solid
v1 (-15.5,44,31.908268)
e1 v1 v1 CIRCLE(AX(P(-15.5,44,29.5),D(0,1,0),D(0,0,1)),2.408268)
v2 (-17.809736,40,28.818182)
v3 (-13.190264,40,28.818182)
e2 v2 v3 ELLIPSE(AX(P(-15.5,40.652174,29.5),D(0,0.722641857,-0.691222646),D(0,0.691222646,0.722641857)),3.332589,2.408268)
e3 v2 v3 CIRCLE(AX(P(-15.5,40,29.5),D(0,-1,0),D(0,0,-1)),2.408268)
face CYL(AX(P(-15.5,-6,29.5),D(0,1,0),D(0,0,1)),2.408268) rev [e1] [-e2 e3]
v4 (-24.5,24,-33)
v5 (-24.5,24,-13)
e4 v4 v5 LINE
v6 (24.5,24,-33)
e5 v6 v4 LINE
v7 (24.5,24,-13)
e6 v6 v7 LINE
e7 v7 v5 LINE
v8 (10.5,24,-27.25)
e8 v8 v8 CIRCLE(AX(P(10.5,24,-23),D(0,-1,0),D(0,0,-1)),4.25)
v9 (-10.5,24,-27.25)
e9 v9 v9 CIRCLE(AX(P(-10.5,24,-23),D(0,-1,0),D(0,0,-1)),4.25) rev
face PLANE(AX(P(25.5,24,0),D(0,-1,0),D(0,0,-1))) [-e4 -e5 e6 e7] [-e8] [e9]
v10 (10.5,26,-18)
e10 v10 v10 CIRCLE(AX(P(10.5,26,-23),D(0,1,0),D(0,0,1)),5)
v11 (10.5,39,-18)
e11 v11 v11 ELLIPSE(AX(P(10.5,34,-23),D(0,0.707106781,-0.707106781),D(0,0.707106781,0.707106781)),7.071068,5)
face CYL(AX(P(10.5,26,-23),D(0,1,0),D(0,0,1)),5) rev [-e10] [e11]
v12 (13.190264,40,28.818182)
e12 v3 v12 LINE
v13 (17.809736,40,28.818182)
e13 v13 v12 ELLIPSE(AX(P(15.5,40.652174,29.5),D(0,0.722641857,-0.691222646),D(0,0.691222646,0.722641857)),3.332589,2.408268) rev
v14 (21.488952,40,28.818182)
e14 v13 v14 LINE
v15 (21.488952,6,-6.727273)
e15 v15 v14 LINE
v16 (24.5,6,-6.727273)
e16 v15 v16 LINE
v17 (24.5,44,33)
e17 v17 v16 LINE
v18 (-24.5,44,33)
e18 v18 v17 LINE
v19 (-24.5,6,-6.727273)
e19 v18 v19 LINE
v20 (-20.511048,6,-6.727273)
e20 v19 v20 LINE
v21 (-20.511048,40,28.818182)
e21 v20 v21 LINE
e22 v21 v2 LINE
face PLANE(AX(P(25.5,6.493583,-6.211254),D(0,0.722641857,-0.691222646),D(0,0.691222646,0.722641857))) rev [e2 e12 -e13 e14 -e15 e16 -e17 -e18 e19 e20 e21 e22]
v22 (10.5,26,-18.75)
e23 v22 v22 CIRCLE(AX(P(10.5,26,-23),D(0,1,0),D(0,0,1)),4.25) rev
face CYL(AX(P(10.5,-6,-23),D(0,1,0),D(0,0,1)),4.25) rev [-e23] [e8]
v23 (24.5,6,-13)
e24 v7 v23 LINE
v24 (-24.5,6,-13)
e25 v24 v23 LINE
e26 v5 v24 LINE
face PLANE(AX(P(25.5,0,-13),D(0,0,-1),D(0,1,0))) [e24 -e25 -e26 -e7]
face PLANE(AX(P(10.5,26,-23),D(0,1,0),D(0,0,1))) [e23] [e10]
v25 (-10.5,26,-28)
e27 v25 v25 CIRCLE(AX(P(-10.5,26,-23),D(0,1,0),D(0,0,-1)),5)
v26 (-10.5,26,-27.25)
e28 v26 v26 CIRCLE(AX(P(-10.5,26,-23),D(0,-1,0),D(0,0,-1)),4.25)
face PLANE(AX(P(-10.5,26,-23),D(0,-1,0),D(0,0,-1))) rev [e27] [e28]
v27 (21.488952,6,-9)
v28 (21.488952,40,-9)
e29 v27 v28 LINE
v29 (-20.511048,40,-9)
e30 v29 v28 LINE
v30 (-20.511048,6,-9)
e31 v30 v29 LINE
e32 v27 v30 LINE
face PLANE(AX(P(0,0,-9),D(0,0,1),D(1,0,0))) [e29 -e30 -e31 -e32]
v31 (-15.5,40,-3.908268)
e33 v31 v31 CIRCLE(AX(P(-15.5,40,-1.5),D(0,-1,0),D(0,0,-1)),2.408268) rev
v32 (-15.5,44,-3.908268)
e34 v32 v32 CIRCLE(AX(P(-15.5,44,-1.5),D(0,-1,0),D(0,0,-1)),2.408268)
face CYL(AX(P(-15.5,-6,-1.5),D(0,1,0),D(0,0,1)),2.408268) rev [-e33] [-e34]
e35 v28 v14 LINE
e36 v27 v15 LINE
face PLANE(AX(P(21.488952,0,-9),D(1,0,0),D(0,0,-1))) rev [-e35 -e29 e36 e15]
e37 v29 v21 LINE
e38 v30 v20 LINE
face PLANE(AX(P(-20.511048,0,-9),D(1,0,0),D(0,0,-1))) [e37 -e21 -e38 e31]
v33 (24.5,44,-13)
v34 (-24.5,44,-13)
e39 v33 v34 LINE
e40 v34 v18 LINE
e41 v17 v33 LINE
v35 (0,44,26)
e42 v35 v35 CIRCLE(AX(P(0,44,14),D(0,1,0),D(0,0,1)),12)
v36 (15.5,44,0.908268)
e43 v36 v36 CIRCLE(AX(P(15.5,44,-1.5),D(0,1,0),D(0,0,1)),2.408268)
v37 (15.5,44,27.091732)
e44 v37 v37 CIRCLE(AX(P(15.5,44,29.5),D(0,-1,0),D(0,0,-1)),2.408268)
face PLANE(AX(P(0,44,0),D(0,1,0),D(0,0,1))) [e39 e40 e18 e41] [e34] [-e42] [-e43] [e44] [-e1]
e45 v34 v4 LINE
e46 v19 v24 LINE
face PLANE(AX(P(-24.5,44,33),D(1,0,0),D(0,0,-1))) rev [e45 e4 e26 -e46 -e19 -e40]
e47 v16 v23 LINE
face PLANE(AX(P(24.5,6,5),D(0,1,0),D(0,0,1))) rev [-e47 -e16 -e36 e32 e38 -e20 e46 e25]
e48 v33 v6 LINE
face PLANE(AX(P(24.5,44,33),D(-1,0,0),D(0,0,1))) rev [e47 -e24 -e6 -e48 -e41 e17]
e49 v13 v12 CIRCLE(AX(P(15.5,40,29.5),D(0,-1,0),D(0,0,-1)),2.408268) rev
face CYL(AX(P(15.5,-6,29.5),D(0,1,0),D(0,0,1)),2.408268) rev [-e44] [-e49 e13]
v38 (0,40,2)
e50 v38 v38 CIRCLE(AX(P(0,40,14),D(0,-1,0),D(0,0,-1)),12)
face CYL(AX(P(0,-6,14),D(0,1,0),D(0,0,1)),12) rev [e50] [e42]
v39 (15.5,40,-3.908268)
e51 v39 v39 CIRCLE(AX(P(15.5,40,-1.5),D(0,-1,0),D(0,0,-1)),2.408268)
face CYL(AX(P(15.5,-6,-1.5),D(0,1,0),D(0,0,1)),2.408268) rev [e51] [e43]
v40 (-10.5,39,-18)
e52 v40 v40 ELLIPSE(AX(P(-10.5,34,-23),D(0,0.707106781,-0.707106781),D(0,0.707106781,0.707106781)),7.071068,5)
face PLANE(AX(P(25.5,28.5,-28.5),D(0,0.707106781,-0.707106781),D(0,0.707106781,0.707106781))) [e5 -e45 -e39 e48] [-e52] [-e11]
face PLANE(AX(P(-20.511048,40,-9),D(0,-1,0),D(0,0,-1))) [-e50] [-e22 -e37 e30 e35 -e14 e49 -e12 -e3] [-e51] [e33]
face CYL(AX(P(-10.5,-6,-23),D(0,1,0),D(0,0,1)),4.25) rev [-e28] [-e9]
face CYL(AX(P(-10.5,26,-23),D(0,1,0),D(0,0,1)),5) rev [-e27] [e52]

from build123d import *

# Parameters (mm, degrees)
SKETCH_1_W          = 49
SKETCH_1_H          = 66
EXTRUDE_1_DEPTH     = 44
SKETCH_2_W          = 42
SKETCH_2_H          = 40
CUT_EXTRUDE_1_DEPTH = 42
SKETCH_3_W          = 20
SKETCH_3_H          = 24
CUT_EXTRUDE_2_DEPTH = 50
SKETCH_5_R          = 12
SKETCH_5_R_2        = 2.408268243
SKETCH_5_R_3        = 4.25
CUT_EXTRUDE_3_DEPTH = 50
SKETCH_7_R          = 5
CUT_EXTRUDE_4_DEPTH = 18
SKETCH_8_W          = 49
SKETCH_8_H          = 6
CUT_EXTRUDE_5_DEPTH = 18


with BuildPart() as part:
    # 草圖1 → 填料-伸長1 (new body)
    with BuildSketch(Plane(origin=(0, 0, 0), x_dir=(1, 0, 0), z_dir=(0, 1, 0))):
        Rectangle(SKETCH_1_W, SKETCH_1_H)
    extrude(amount=EXTRUDE_1_DEPTH)

    # 草圖2 → 除料-伸長1 (cut)
    with BuildSketch(Plane.XY.offset(33)):
        with Locations((0.48895233, 20)):
            Rectangle(SKETCH_2_W, SKETCH_2_H)
    extrude(amount=-CUT_EXTRUDE_1_DEPTH, mode=Mode.SUBTRACT)

    # 草圖3 → 除料-伸長2 (cut)
    with BuildSketch(Plane.ZY.offset(24.5)):
        Polygon((-33, 24), (-13, 44), (-33, 44), align=None)
        with Locations((-23, 12)):
            Rectangle(SKETCH_3_W, SKETCH_3_H)
        Polygon((33, 0), (33, 44), (-13, 0), align=None)
    extrude(amount=-CUT_EXTRUDE_2_DEPTH, mode=Mode.SUBTRACT)

    # 草圖5 → 除料-伸長3 (cut)
    with BuildSketch(Plane(origin=(0, 44, 0), x_dir=(1, 0, 0), z_dir=(0, 1, 0))):
        with Locations((0, -14)):
            Circle(SKETCH_5_R)
        with Locations((15.5, 1.5)):
            Circle(SKETCH_5_R_2)
        with Locations((10.5, 23)):
            Circle(SKETCH_5_R_3)
        with Locations((-10.5, 23)):
            Circle(SKETCH_5_R_3)
        with Locations((15.5, -29.5)):
            Circle(SKETCH_5_R_2)
        with Locations((-15.5, -29.5)):
            Circle(SKETCH_5_R_2)
        with Locations((-15.5, 1.5)):
            Circle(SKETCH_5_R_2)
    extrude(amount=-CUT_EXTRUDE_3_DEPTH, mode=Mode.SUBTRACT)

    # 草圖7 → 除料-伸長4 (cut)
    with BuildSketch(Plane(origin=(0, 44, 0), x_dir=(1, 0, 0), z_dir=(0, 1, 0))):
        with Locations((10.5, 23)):
            Circle(SKETCH_7_R)
        with Locations((-10.5, 23)):
            Circle(SKETCH_7_R)
    extrude(amount=-CUT_EXTRUDE_4_DEPTH, mode=Mode.SUBTRACT)

    # 草圖8 → 除料-伸長5 (cut)
    with BuildSketch(Plane(origin=(0, 0, -13), x_dir=(-1, 0, 0), z_dir=(0, 0, -1))):
        with Locations((0, 3)):
            Rectangle(SKETCH_8_W, SKETCH_8_H)
    extrude(amount=-CUT_EXTRUDE_5_DEPTH, mode=Mode.SUBTRACT)


solid = part.part
